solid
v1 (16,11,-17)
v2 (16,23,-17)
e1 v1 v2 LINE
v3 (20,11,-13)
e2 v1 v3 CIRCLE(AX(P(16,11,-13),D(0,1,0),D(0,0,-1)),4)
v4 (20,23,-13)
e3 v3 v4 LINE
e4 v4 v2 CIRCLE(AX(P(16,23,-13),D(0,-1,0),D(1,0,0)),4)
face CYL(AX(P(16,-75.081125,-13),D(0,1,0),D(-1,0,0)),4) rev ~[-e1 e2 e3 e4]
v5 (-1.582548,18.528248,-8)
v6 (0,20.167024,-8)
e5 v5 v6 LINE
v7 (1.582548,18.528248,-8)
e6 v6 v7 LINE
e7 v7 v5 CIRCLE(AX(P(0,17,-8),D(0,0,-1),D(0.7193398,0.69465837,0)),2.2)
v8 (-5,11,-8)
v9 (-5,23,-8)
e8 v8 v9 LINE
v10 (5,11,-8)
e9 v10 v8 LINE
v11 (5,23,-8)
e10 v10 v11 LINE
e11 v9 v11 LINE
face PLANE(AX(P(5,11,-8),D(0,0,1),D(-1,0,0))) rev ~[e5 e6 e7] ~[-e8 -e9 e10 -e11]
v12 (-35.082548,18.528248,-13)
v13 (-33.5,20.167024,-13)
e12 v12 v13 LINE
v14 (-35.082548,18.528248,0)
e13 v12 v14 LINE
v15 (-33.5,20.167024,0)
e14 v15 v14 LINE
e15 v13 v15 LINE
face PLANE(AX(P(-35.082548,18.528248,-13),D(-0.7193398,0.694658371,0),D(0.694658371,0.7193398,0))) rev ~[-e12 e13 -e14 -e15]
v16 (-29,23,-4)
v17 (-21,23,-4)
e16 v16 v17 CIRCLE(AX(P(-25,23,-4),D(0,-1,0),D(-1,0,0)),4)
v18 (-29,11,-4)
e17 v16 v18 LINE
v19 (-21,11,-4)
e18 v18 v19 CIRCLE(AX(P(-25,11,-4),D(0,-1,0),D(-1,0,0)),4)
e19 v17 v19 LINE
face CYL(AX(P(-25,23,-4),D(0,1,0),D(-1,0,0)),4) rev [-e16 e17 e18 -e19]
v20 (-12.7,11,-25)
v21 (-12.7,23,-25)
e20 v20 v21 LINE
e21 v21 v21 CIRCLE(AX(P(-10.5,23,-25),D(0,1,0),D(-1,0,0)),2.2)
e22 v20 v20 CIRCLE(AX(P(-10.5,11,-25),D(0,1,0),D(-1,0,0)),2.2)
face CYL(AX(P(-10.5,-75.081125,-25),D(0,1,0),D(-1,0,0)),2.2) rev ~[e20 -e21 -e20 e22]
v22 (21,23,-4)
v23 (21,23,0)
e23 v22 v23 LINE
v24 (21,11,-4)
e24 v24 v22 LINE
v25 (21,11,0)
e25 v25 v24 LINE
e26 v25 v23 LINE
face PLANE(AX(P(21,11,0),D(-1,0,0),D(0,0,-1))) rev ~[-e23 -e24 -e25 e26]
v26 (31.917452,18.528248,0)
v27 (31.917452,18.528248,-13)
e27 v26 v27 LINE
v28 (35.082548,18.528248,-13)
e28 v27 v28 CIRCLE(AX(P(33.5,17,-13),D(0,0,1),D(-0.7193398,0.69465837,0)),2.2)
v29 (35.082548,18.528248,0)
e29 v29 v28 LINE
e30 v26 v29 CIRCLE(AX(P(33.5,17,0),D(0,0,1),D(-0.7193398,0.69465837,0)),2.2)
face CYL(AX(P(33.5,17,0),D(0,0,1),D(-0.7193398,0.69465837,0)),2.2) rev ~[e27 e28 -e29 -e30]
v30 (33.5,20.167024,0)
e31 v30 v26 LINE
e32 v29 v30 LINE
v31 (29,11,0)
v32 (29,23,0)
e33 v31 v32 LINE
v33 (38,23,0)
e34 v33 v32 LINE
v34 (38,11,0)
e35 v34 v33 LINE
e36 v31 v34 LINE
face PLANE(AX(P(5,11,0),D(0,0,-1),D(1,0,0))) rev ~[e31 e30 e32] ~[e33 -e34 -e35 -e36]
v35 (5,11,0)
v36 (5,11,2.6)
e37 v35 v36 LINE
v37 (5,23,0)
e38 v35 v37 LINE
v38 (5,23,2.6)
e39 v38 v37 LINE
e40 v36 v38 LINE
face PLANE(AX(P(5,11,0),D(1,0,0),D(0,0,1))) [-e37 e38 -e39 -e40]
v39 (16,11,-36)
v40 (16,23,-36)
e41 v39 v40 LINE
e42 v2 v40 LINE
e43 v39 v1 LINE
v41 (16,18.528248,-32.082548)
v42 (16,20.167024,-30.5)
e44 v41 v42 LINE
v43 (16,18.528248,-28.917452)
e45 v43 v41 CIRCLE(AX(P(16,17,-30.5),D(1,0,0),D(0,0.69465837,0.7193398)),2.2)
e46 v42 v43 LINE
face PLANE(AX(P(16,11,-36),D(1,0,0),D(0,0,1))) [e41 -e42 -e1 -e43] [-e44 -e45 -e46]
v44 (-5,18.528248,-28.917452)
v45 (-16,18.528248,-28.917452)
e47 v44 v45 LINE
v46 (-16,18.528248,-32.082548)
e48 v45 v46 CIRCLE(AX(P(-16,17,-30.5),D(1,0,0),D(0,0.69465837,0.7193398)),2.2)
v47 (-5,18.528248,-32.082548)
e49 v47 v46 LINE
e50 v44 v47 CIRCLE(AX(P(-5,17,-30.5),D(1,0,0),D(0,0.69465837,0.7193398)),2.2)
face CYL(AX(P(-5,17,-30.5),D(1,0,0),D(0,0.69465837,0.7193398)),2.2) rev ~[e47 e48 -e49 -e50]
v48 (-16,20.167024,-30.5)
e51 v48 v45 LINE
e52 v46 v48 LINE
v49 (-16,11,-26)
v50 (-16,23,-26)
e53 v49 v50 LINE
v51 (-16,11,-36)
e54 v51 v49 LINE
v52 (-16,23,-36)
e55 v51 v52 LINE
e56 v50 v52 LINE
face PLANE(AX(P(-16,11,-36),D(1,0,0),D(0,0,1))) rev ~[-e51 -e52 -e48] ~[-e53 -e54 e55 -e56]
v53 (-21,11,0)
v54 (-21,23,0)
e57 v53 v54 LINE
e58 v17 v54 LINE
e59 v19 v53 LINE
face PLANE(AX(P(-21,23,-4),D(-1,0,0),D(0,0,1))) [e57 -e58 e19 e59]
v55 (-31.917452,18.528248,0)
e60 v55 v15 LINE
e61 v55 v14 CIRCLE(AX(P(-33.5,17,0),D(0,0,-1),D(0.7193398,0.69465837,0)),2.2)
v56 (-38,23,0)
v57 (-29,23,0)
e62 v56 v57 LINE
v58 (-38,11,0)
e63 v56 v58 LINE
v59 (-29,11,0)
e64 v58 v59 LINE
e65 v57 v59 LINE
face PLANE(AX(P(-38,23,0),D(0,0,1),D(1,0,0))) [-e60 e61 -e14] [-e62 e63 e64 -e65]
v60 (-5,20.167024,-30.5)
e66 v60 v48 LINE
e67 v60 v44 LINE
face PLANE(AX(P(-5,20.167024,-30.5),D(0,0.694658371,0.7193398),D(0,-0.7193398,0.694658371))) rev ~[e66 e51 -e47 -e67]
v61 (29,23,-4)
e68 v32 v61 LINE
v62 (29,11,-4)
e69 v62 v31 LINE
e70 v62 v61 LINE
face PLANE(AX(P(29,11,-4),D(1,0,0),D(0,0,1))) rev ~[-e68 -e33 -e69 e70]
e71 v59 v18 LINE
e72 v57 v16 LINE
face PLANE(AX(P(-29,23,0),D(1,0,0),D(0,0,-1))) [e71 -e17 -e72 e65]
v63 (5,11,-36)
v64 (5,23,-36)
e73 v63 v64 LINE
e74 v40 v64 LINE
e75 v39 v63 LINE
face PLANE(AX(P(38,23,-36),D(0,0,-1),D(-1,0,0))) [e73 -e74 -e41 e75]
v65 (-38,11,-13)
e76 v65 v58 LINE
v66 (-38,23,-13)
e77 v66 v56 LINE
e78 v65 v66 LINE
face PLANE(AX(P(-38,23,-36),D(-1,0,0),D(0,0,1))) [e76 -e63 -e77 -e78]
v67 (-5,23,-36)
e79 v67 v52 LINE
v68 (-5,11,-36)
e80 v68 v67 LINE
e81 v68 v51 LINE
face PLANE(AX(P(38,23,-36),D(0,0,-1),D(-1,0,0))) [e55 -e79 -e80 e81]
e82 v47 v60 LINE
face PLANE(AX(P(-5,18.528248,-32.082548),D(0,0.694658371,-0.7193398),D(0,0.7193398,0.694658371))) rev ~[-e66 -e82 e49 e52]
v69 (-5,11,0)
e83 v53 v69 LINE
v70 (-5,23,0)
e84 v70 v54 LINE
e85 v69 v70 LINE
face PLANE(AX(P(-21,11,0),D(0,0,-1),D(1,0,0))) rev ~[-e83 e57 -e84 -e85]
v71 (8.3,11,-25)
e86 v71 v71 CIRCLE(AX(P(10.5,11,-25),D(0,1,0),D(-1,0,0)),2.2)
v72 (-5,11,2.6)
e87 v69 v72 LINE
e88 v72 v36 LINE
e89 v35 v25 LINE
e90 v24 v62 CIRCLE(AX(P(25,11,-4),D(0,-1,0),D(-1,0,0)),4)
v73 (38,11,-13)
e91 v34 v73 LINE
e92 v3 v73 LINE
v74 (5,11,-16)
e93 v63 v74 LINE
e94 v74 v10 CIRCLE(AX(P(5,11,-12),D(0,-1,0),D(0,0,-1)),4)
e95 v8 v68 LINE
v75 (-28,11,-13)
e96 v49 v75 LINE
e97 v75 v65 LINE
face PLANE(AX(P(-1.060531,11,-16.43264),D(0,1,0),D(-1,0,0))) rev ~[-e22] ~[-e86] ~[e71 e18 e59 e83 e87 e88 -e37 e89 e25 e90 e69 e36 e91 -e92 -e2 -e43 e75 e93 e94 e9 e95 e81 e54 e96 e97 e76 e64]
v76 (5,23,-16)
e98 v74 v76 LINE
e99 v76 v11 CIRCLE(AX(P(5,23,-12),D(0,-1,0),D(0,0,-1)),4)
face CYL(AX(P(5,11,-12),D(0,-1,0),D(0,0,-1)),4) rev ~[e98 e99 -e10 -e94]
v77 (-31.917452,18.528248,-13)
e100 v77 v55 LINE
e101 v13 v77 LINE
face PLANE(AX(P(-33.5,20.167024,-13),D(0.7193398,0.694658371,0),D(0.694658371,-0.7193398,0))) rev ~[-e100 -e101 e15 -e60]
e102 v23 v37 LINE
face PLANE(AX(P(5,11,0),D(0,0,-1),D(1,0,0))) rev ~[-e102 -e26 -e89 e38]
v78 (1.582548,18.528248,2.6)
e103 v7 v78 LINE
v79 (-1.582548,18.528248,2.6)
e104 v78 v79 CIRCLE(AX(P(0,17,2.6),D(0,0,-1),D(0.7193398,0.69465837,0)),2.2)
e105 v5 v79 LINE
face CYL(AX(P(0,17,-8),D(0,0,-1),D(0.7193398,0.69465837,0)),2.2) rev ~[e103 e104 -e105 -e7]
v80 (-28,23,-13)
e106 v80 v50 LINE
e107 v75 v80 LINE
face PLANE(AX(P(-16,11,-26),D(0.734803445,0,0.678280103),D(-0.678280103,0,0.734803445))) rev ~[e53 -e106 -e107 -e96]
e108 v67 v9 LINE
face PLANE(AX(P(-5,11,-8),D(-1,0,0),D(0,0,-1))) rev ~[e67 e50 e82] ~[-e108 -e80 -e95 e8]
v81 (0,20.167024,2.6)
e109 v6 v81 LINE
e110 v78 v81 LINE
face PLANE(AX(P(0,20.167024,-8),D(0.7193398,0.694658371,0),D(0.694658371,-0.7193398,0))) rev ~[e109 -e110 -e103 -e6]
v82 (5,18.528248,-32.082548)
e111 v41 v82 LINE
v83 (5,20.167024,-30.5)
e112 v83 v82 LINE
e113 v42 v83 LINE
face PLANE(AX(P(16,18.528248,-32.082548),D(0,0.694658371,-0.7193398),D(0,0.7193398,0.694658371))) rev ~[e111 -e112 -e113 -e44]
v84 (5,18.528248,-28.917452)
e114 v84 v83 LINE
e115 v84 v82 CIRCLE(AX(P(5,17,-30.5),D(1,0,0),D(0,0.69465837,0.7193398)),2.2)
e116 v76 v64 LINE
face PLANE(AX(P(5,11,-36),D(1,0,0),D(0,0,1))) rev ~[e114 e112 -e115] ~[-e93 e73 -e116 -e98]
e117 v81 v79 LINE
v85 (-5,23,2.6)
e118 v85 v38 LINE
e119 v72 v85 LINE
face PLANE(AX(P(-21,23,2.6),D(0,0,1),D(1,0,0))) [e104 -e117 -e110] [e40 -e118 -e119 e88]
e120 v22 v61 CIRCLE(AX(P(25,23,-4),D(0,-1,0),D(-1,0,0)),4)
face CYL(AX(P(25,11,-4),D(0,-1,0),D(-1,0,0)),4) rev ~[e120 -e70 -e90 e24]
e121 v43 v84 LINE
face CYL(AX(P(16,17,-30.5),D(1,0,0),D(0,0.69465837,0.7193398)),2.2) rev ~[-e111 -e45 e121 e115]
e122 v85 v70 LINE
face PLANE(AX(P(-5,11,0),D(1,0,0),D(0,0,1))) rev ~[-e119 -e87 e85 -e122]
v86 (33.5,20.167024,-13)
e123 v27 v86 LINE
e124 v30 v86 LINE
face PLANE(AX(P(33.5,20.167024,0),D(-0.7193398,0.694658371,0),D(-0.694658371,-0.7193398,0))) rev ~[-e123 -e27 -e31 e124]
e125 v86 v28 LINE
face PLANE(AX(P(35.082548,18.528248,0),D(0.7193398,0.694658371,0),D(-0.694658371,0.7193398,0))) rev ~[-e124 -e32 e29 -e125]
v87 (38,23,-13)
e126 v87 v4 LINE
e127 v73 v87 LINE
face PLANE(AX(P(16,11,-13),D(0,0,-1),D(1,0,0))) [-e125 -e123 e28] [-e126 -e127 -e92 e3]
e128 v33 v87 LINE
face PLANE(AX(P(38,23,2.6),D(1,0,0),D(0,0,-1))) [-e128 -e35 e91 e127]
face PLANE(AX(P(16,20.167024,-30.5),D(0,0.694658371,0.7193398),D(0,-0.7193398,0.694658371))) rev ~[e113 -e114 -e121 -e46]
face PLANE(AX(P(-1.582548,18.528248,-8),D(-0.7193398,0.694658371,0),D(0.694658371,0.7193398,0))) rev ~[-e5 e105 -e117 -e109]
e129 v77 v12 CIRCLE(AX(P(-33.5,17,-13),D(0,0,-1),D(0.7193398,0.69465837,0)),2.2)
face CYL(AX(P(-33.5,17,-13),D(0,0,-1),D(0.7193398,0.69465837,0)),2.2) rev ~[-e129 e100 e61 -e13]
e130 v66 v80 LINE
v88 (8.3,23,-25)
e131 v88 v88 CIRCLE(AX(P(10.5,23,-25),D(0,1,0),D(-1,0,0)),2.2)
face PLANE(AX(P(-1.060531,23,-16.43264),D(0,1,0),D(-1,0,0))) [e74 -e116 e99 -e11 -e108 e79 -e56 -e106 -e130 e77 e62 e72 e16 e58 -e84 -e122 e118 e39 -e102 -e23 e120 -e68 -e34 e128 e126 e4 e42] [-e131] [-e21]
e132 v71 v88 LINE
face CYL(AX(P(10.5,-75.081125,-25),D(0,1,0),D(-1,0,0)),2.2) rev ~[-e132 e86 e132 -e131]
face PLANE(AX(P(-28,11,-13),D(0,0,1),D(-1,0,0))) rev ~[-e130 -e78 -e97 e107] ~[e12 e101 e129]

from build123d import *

# Parameters (mm, degrees)
BOSS_EXTRUDE1_DEPTH = 12
CUT_EXTRUDE1_DEPTH  = 54.702886328
CUT_EXTRUDE2_DEPTH  = 54.702886328
SKETCH4_W           = 16
SKETCH4_H           = 2.6
CUT_EXTRUDE3_DEPTH  = 54.702886328
SKETCH5_W           = 33
SKETCH5_H           = 2.6
CUT_EXTRUDE4_DEPTH  = 54.702886328
CUT_EXTRUDE5_DEPTH  = 54.702886328
SKETCH7_W           = 22
SKETCH7_H           = 23
CUT_EXTRUDE6_DEPTH  = 54.702886328
CUT_EXTRUDE7_DEPTH  = 51.019996002
CUT_EXTRUDE8_REACH  = 70.855
CUT_EXTRUDE9_DEPTH  = 58.175169436
CUT_EXTRUDE10_DEPTH = 61.613529843
CUT_EXTRUDE11_DEPTH = 53.507142371
HOLE1_D             = 8
HOLE2_D             = 4.4
HOLE3_D             = 4.4


with BuildPart() as part:
    # Sketch1 → Boss-Extrude1 (new body)
    with BuildSketch(Plane(origin=(0, 23, 0), x_dir=(-1, 0, 0), z_dir=(0, 1, 0))):
        with BuildLine():
            Line((-38, -36), (38, -36))
            Line((38, -36), (38, 0))
            Line((38, 0), (29, 0))
            Line((29, 0), (29, -4))
            ThreePointArc((29, -4), (25, -8), (21, -4))
            Line((21, -4), (21, 2.6))
            Line((21, 2.6), (-38, 2.6))
            Line((-38, 2.6), (-38, -36))
        make_face()
    extrude(amount=-BOSS_EXTRUDE1_DEPTH)

    # Sketch2 → Cut-Extrude1 (cut, through all)
    with BuildSketch(Plane.XZ.offset(-11)):
        with BuildLine():
            Line((-5, -36), (5, -36))
            Line((5, -36), (5, -16))
            ThreePointArc((5, -16), (9, -12), (5, -8))
            Line((5, -8), (-5, -8))
            Line((-5, -8), (-5, -36))
        make_face()
    extrude(amount=-CUT_EXTRUDE1_DEPTH, mode=Mode.SUBTRACT)

    # Sketch3 → Cut-Extrude2 (cut, through all)
    with BuildSketch(Plane.XZ.offset(-11)):
        Polygon((-38, -36), (-16, -36), (-16, -26), (-28, -13), (-38, -13), align=None)
    extrude(amount=-CUT_EXTRUDE2_DEPTH, mode=Mode.SUBTRACT)

    # Sketch4 → Cut-Extrude3 (cut, through all)
    with BuildSketch(Plane.XZ.offset(-11)):
        with Locations((-13, 1.3)):
            Rectangle(SKETCH4_W, SKETCH4_H)
    extrude(amount=-CUT_EXTRUDE3_DEPTH, mode=Mode.SUBTRACT)

    # Sketch5 → Cut-Extrude4 (cut, through all)
    with BuildSketch(Plane.XZ.offset(-11)):
        with Locations((21.5, 1.3)):
            Rectangle(SKETCH5_W, SKETCH5_H)
    extrude(amount=-CUT_EXTRUDE4_DEPTH, mode=Mode.SUBTRACT)

    # Sketch6 → Cut-Extrude5 (cut, through all)
    with BuildSketch(Plane.XZ.offset(-11)):
        with BuildLine():
            Line((29, 0), (21, 0))
            Line((21, 0), (21, -4))
            ThreePointArc((21, -4), (25, -8), (29, -4))
            Line((29, -4), (29, 0))
        make_face()
    extrude(amount=-CUT_EXTRUDE5_DEPTH, mode=Mode.SUBTRACT)

    # Sketch7 → Cut-Extrude6 (cut, through all)
    with BuildSketch(Plane.XZ.offset(-11)):
        with Locations((27, -24.5)):
            Rectangle(SKETCH7_W, SKETCH7_H)
    extrude(amount=-CUT_EXTRUDE6_DEPTH, mode=Mode.SUBTRACT)

    # Sketch8 → Cut-Extrude7 (cut, through all)
    with BuildSketch(Plane(origin=(0, 0, -13), x_dir=(-1, 0, 0), z_dir=(0, 0, -1))):
        with BuildLine():
            Line((35.082547561, 18.528248415), (33.5, 20.167024387))
            Line((33.5, 20.167024387), (31.917452439, 18.528248415))
            ThreePointArc((31.917452439, 18.528248415), (33.5, 14.8), (35.082547561, 18.528248415))
        make_face()
    extrude(amount=-CUT_EXTRUDE7_DEPTH, mode=Mode.SUBTRACT)

    # Sketch9 → Cut-Extrude8 (cut, up to next)
    with BuildSketch(Plane(origin=(16, 0, 0), x_dir=(0, 0, -1), z_dir=(1, 0, 0)), mode=Mode.PRIVATE) as cut_extrude8_sk1:
        with BuildLine():
            Line((32.082547561, 18.528248415), (30.5, 20.167024387))
            Line((30.5, 20.167024387), (28.917452439, 18.528248415))
            ThreePointArc((28.917452439, 18.528248415), (30.5, 14.8), (32.082547561, 18.528248415))
        make_face()
    cut_extrude8_tool1 = extrude(cut_extrude8_sk1.sketch, amount=-CUT_EXTRUDE8_REACH, mode=Mode.PRIVATE) & part.part
    add(cut_extrude8_tool1.solids().sort_by_distance((16, 17.167641, -30.5))[0], mode=Mode.SUBTRACT)

    # Sketch10 → Cut-Extrude9 (cut, through all)
    with BuildSketch(Plane.XY):
        with BuildLine():
            Line((35.082547561, 18.528248415), (33.5, 20.167024387))
            Line((33.5, 20.167024387), (31.917452439, 18.528248415))
            ThreePointArc((31.917452439, 18.528248415), (33.5, 14.8), (35.082547561, 18.528248415))
        make_face()
    extrude(amount=-CUT_EXTRUDE9_DEPTH, mode=Mode.SUBTRACT)

    # Sketch11 → Cut-Extrude10 (cut, through all)
    with BuildSketch(Plane(origin=(-5, 0, 0), x_dir=(0, 0, -1), z_dir=(1, 0, 0))):
        with BuildLine():
            Line((32.082547561, 18.528248415), (30.5, 20.167024387))
            Line((30.5, 20.167024387), (28.917452439, 18.528248415))
            ThreePointArc((28.917452439, 18.528248415), (30.5, 14.8), (32.082547561, 18.528248415))
        make_face()
    extrude(amount=-CUT_EXTRUDE10_DEPTH, mode=Mode.SUBTRACT)

    # Sketch12 → Cut-Extrude11 (cut, through all)
    with BuildSketch(Plane(origin=(0, 0, -8), x_dir=(-1, 0, 0), z_dir=(0, 0, -1))):
        with BuildLine():
            Line((1.582547561, 18.528248415), (0, 20.167024387))
            Line((0, 20.167024387), (-1.582547561, 18.528248415))
            ThreePointArc((-1.582547561, 18.528248415), (0, 14.8), (1.582547561, 18.528248415))
        make_face()
    extrude(amount=-CUT_EXTRUDE11_DEPTH, mode=Mode.SUBTRACT)

    # Hole1 (through all)
    with Locations(Plane.XZ.offset(-11)):
        with Locations((16, -13)):
            Hole(HOLE1_D / 2)

    # Hole2 (through all)
    with Locations(Plane.XZ.offset(-11)):
        with Locations((-10.5, -25)):
            Hole(HOLE2_D / 2)

    # Hole3 (through all)
    with Locations(Plane.XZ.offset(-11)):
        with Locations((10.5, -25)):
            Hole(HOLE3_D / 2)


solid = part.part
